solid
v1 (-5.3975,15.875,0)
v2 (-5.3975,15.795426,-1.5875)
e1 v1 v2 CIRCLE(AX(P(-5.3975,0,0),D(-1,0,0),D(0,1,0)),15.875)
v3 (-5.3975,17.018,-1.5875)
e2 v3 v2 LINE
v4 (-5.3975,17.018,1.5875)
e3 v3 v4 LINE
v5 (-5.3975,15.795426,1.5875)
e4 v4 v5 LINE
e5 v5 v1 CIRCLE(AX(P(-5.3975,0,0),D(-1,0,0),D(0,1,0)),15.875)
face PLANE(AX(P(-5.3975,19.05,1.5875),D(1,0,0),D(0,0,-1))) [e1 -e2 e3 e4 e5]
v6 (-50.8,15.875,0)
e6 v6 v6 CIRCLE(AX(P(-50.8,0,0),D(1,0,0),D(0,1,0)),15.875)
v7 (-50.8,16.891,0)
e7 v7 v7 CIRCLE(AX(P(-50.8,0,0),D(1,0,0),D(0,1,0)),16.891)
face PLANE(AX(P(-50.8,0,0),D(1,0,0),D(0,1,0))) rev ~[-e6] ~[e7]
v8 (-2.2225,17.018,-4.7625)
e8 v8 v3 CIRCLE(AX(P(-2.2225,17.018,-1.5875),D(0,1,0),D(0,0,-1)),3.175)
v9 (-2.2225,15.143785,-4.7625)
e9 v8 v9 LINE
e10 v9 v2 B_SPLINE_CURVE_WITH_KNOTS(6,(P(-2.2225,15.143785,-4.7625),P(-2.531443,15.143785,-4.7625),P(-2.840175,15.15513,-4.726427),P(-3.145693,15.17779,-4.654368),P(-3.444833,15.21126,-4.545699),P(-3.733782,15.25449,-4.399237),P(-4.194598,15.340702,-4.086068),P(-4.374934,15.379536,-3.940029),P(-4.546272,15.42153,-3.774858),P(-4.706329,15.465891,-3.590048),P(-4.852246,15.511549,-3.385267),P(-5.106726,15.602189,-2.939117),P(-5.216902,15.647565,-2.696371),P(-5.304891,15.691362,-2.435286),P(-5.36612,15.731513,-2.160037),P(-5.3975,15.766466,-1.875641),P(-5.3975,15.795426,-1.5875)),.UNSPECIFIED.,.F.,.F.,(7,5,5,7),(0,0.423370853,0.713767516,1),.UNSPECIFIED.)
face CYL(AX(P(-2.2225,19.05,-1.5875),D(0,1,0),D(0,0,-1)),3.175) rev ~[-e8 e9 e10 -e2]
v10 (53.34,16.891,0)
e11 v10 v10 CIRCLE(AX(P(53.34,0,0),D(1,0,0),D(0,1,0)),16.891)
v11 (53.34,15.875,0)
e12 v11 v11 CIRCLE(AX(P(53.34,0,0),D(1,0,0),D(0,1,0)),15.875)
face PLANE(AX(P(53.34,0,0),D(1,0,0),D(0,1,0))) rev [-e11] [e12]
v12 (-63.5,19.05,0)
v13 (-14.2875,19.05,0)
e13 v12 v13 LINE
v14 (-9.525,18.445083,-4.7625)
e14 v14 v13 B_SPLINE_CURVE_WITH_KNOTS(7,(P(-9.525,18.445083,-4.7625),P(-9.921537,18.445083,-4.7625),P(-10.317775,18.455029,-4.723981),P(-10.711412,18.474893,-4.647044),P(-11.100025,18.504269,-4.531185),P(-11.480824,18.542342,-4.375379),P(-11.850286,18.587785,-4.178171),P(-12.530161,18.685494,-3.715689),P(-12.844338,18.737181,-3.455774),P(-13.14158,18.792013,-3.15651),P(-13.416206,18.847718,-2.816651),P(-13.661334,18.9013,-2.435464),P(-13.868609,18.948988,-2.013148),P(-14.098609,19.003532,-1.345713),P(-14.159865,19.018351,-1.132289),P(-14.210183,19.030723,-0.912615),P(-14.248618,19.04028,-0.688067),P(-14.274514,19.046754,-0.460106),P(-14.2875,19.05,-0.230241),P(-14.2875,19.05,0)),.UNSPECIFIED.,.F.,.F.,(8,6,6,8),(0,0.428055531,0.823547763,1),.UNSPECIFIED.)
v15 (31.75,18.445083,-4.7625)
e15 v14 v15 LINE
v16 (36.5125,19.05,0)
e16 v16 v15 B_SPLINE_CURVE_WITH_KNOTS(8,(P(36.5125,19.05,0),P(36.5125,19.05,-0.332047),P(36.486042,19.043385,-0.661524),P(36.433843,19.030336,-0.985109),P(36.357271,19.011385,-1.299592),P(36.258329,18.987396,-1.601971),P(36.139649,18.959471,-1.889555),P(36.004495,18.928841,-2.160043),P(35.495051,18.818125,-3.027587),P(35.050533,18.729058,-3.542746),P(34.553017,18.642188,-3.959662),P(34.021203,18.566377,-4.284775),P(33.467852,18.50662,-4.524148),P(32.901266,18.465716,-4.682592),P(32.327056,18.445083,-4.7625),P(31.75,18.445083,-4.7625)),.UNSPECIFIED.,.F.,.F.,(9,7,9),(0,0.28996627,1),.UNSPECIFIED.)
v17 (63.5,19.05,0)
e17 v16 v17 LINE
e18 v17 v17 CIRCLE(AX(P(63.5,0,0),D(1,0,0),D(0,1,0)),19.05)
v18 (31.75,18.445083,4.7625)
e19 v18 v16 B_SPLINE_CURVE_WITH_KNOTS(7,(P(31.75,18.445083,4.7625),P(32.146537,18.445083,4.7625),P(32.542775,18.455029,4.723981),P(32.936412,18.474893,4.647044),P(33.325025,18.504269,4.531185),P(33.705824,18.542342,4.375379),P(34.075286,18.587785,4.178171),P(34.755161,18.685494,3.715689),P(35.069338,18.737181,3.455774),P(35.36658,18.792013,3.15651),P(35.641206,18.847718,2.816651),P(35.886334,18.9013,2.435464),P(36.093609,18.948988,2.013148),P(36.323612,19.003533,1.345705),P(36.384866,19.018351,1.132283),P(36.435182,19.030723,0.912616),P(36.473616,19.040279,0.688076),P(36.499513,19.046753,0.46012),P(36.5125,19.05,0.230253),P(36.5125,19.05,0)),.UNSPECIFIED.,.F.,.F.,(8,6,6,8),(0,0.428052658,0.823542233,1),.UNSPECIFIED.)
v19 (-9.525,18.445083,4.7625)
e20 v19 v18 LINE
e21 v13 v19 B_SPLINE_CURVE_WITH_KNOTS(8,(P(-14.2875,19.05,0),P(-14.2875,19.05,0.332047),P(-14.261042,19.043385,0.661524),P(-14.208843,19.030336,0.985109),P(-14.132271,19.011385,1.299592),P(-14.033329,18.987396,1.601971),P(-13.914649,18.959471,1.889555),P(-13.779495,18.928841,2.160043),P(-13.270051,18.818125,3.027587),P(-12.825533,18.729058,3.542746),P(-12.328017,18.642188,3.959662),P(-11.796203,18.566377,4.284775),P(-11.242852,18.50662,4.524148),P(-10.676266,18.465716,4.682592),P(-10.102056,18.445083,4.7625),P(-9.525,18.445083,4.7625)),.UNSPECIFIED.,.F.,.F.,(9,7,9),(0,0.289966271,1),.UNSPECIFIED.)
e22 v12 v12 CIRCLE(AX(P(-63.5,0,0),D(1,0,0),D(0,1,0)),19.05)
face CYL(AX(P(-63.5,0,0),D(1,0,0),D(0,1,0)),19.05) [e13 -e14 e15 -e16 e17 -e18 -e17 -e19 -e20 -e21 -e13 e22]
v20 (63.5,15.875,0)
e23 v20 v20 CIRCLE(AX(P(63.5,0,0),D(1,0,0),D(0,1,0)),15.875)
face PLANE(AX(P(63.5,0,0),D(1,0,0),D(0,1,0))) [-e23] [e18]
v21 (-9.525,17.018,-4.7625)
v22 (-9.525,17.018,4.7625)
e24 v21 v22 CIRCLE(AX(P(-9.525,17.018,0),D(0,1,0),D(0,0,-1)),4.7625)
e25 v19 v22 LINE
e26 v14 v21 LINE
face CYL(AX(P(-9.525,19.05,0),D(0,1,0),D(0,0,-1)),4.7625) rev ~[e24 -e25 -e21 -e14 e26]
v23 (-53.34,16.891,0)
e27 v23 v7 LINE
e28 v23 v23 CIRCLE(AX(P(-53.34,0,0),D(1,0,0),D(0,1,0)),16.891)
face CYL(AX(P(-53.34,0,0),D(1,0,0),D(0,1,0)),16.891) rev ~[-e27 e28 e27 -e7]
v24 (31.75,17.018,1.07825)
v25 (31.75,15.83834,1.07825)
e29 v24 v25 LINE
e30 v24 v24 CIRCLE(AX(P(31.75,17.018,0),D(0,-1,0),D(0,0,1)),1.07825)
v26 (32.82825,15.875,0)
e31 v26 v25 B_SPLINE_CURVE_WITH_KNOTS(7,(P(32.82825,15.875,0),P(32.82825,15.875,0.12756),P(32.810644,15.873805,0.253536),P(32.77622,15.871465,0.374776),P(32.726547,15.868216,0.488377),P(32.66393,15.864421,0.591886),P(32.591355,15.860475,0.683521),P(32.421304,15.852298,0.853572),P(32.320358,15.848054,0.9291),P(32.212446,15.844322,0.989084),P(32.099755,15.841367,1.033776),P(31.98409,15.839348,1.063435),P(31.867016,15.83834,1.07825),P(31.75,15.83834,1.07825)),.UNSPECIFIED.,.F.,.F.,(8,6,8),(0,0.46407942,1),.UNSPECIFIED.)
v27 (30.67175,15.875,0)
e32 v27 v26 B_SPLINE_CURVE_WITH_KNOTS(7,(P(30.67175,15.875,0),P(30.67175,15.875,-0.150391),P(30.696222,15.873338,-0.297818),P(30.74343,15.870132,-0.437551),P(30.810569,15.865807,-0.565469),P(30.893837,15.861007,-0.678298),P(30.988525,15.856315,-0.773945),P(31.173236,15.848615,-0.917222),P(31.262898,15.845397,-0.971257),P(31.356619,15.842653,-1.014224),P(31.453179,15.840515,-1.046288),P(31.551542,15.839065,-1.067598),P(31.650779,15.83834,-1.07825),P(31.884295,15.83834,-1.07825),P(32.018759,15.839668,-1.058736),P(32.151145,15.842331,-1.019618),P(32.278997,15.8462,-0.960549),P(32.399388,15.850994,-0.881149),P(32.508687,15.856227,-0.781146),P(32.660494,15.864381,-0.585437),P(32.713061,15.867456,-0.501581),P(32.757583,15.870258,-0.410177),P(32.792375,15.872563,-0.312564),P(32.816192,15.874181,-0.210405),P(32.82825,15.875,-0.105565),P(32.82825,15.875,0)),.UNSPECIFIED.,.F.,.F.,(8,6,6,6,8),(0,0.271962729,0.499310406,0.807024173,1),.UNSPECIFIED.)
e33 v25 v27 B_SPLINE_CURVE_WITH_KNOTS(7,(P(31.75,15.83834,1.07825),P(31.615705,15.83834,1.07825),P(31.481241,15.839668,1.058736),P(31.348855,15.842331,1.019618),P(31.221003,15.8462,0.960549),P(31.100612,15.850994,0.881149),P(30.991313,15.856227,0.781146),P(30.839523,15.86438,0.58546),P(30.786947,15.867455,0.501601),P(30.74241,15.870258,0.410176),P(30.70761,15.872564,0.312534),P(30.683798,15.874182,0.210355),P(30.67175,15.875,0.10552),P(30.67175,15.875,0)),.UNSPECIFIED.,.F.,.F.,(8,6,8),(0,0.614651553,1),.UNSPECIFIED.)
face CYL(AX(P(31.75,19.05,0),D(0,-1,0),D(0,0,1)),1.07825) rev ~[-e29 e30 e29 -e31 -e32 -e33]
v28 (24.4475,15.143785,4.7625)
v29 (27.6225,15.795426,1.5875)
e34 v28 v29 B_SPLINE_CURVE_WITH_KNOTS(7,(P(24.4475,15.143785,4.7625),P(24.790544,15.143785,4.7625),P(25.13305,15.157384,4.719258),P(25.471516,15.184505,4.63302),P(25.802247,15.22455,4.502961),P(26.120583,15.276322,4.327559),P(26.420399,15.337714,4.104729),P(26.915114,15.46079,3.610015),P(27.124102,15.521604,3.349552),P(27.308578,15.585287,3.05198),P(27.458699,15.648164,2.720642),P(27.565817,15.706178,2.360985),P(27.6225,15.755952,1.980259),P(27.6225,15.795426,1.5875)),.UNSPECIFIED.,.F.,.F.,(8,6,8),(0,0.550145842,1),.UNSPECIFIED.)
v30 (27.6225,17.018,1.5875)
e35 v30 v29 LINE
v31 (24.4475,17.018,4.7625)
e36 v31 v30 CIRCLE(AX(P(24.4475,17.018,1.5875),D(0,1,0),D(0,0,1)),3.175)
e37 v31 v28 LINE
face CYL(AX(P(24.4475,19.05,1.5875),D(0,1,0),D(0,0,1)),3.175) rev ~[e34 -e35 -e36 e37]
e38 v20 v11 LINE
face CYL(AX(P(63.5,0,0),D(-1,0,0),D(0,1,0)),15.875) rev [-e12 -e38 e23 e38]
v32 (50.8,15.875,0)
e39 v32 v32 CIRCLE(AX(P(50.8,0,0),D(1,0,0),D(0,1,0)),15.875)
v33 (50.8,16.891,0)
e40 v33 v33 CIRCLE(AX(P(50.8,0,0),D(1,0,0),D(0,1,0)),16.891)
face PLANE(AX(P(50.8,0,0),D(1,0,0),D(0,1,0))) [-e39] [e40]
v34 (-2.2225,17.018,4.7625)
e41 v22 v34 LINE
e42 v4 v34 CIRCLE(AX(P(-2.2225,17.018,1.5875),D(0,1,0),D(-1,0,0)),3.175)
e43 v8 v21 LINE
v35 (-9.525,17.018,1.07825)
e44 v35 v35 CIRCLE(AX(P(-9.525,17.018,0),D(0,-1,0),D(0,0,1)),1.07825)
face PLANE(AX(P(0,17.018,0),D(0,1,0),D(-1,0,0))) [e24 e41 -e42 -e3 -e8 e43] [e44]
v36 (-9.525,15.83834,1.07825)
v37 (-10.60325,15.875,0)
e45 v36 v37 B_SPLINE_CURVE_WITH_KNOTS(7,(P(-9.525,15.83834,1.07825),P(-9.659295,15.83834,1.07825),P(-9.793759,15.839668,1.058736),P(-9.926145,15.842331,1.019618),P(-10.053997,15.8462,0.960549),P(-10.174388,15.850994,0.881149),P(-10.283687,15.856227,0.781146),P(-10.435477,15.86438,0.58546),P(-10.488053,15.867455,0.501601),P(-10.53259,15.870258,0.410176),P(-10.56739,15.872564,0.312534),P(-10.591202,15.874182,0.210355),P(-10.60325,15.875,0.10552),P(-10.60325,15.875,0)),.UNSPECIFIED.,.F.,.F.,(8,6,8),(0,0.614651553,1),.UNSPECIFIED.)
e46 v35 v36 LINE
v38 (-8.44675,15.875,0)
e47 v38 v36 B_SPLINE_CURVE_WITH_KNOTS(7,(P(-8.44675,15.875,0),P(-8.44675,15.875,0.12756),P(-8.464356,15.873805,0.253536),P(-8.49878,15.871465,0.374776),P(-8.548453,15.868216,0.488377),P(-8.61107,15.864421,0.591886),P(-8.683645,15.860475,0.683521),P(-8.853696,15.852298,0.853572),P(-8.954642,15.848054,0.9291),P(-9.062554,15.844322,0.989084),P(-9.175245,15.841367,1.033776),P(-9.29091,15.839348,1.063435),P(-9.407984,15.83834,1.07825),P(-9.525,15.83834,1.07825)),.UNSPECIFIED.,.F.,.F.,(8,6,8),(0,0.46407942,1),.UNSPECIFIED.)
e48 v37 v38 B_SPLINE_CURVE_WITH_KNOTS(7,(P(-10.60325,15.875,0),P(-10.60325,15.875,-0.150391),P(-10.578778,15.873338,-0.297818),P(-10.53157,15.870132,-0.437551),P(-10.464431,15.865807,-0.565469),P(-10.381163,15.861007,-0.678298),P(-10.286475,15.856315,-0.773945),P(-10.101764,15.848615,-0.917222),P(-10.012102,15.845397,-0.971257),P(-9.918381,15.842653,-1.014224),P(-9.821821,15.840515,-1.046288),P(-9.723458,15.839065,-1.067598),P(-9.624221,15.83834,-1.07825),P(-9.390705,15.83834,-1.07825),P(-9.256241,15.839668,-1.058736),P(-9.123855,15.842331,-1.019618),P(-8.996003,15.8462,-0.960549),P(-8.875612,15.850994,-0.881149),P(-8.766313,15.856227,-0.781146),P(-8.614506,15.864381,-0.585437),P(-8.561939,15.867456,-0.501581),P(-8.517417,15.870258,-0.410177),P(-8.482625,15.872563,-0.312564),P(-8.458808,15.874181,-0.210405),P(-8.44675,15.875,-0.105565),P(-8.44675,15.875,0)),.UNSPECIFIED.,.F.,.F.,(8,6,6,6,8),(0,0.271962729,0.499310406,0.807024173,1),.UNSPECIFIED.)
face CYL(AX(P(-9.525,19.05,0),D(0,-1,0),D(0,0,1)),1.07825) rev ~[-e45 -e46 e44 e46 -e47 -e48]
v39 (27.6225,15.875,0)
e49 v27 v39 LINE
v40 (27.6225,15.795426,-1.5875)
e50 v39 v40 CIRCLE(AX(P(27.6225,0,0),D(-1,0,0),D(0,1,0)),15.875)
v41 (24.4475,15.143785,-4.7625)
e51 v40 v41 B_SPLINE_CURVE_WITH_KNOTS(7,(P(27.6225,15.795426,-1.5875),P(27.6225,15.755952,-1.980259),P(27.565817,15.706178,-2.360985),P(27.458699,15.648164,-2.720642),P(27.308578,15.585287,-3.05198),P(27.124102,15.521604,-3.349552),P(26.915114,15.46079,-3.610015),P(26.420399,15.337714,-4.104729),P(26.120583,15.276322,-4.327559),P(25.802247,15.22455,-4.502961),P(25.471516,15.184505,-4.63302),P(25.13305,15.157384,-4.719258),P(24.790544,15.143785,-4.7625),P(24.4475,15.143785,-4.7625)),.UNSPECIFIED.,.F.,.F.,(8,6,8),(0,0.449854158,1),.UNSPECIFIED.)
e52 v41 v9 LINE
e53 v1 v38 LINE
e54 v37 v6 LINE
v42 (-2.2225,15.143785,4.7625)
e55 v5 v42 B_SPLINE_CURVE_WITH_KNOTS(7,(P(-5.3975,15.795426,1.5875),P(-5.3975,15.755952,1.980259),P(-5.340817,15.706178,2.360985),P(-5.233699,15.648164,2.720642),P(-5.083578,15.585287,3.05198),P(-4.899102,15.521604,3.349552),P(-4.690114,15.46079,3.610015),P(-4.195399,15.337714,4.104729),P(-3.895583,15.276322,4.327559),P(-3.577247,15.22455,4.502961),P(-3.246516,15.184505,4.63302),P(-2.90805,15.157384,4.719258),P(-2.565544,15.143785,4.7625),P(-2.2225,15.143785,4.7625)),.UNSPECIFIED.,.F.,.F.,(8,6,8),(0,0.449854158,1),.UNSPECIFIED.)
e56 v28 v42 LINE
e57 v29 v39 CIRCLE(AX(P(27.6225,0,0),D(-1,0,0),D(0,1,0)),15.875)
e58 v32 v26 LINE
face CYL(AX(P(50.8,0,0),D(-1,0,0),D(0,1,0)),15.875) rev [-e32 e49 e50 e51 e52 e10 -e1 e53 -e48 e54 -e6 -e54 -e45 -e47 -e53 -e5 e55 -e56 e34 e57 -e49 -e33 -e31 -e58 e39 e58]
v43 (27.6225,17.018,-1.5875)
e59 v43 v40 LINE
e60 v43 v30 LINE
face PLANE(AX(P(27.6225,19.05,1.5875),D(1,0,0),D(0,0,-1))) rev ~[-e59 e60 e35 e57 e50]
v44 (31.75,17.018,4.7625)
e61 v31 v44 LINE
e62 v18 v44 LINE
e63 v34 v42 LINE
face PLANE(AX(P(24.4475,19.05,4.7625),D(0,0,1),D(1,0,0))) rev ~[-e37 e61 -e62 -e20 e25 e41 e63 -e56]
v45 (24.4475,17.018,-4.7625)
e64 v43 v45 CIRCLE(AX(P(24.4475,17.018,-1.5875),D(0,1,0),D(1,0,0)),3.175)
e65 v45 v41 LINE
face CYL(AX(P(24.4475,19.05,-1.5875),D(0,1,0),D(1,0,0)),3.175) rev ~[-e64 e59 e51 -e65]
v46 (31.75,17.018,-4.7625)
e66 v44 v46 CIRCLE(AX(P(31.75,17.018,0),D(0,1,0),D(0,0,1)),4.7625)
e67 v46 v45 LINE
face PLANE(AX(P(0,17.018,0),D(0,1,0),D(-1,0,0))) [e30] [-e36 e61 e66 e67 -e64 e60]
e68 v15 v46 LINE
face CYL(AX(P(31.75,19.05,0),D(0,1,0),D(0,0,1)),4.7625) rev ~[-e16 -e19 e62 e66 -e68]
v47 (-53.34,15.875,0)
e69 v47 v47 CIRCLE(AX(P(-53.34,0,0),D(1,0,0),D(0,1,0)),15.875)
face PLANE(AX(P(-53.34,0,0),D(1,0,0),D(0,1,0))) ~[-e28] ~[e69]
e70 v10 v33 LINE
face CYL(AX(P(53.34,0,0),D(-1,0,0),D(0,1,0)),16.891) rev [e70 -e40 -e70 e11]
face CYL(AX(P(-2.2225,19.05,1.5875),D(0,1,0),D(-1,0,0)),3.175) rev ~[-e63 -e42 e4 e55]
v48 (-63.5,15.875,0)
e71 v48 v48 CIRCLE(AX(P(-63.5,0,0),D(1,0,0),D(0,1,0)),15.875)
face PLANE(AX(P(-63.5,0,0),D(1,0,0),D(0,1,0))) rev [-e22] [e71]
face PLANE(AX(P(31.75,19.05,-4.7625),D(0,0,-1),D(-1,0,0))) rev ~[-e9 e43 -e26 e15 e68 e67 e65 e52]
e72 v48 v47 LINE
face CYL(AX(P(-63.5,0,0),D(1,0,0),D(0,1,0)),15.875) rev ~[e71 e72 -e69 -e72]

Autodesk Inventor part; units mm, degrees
ref_plane "YZ Plane" through (0, 0, 0) normal (1, 0, 0) x (0, 1, 0)
ref_plane "XY Plane" through (0, 0, 0) normal (0, 0, 1) x (1, 0, 0)
sketch "Sketch1" plane through (0, 0, 0) normal (0, 0, 1) x (1, 0, 0)
  line L0 (-106.628, 0) -> (106.628, 0) construction
  line L1 (-63.5, 19.05) -> (63.5, 19.05)
  line L2 (63.5, 19.05) -> (63.5, 15.875)
  line L3 (-63.5, 15.875) -> (-63.5, 19.05)
  line L4 (-63.5, 15.875) -> (-53.34, 15.875)
  line L5 (-53.34, 15.875) -> (-53.34, 16.891)
  line L6 (-53.34, 16.891) -> (-50.8, 16.891)
  line L7 (-50.8, 16.891) -> (-50.8, 15.875)
  line L8 (-50.8, 15.875) -> (0, 15.875)
  line L9 (0, 0) -> (0, 19.05) construction
  line L10 (63.5, 15.875) -> (53.34, 15.875)
  line L11 (53.34, 15.875) -> (53.34, 16.891)
  line L12 (53.34, 16.891) -> (50.8, 16.891)
  line L13 (50.8, 16.891) -> (50.8, 15.875)
  line L14 (50.8, 15.875) -> (0, 15.875)
  dimension "d0" = 127
  dimension "d1" = 38.1
  dimension "d2" = 31.75
  dimension "d3" = 10.16
  dimension "d4" = 2.54
  dimension "d5" = 1.016
revolve "Revolution1" add sketch "Sketch1" angle 360 about axis through (-106.628, 0, 0) along (1, 0, 0)
ref_plane "Work Plane1" through (0, 19.05, 0) normal (0, 1, 0) x (-1, 0, 0)
sketch "Sketch2" plane through (0, 19.05, 0) normal (0, 1, 0) x (-1, 0, 0)
  line L0 (-31.75, 0) -> (9.525, 0) construction
  line L1 (-31.75, -4.7625) -> (9.525, -4.7625)
  line L2 (9.525, 4.7625) -> (-31.75, 4.7625)
  arc A0 (-31.75, 4.7625) -> (-31.75, -4.7625) centre (-31.75, 0) ccw
  arc A1 (9.525, -4.7625) -> (9.525, 4.7625) centre (9.525, 0) ccw
  line L3 (-63.5, 19.05) -> (-63.5, -19.05) projected
  line L4 (-27.6225, 1.5875) -> (-27.6225, -1.5875)
  line L5 (5.3975, 1.5875) -> (5.3975, -1.5875)
  arc A2 (5.3975, 1.5875) -> (2.2225, 4.7625) centre (2.2225, 1.5875) ccw
  arc A3 (2.2225, -4.7625) -> (5.3975, -1.5875) centre (2.2225, -1.5875) ccw
  arc A4 (-24.4475, 4.7625) -> (-27.6225, 1.5875) centre (-24.4475, 1.5875) ccw
  arc A5 (-27.6225, -1.5875) -> (-24.4475, -4.7625) centre (-24.4475, -1.5875) ccw
  point P0 (0, 0)
  point P1 (-11.1125, 0)
  point P2 (-36.5125, 0)
  point P3 (9.525, 0)
  point P4 (-63.5, 0)
  dimension "d7" = 9.525
  dimension "d8" = 41.275
  dimension "d10" = 33.02
  dimension "d11" = 16.51
  dimension "d12" = 3.175
  dimension "d13" = 3.175
  dimension "d27" = 31.75
extrude "Extrusion1" cut sketch "Sketch2" against normal blind 2.032
extrude "Extrusion2" cut sketch "Sketch2" against normal up to surface contours A5 L4 A4 L2 A2 L5 A3 L1
hole "Hole1" at (-9.525, 19.05, 0) at (31.75, 19.05, 0) direction (0, -1, 0) diameter 2.1565 depth 6.35 tip angle 118 thread size "4-40 UNC" class "2B" standard "ANSI Unified Screw Threads"
thread "Thread1" size "1 1/4-18 UNEF" class "2B" standard "ANSI Unified Screw Threads" full length
equation "\"d11\" = 0.5 * d10"
properties part number "InventorNativeNewHilt" material "Aluminum 6061"
